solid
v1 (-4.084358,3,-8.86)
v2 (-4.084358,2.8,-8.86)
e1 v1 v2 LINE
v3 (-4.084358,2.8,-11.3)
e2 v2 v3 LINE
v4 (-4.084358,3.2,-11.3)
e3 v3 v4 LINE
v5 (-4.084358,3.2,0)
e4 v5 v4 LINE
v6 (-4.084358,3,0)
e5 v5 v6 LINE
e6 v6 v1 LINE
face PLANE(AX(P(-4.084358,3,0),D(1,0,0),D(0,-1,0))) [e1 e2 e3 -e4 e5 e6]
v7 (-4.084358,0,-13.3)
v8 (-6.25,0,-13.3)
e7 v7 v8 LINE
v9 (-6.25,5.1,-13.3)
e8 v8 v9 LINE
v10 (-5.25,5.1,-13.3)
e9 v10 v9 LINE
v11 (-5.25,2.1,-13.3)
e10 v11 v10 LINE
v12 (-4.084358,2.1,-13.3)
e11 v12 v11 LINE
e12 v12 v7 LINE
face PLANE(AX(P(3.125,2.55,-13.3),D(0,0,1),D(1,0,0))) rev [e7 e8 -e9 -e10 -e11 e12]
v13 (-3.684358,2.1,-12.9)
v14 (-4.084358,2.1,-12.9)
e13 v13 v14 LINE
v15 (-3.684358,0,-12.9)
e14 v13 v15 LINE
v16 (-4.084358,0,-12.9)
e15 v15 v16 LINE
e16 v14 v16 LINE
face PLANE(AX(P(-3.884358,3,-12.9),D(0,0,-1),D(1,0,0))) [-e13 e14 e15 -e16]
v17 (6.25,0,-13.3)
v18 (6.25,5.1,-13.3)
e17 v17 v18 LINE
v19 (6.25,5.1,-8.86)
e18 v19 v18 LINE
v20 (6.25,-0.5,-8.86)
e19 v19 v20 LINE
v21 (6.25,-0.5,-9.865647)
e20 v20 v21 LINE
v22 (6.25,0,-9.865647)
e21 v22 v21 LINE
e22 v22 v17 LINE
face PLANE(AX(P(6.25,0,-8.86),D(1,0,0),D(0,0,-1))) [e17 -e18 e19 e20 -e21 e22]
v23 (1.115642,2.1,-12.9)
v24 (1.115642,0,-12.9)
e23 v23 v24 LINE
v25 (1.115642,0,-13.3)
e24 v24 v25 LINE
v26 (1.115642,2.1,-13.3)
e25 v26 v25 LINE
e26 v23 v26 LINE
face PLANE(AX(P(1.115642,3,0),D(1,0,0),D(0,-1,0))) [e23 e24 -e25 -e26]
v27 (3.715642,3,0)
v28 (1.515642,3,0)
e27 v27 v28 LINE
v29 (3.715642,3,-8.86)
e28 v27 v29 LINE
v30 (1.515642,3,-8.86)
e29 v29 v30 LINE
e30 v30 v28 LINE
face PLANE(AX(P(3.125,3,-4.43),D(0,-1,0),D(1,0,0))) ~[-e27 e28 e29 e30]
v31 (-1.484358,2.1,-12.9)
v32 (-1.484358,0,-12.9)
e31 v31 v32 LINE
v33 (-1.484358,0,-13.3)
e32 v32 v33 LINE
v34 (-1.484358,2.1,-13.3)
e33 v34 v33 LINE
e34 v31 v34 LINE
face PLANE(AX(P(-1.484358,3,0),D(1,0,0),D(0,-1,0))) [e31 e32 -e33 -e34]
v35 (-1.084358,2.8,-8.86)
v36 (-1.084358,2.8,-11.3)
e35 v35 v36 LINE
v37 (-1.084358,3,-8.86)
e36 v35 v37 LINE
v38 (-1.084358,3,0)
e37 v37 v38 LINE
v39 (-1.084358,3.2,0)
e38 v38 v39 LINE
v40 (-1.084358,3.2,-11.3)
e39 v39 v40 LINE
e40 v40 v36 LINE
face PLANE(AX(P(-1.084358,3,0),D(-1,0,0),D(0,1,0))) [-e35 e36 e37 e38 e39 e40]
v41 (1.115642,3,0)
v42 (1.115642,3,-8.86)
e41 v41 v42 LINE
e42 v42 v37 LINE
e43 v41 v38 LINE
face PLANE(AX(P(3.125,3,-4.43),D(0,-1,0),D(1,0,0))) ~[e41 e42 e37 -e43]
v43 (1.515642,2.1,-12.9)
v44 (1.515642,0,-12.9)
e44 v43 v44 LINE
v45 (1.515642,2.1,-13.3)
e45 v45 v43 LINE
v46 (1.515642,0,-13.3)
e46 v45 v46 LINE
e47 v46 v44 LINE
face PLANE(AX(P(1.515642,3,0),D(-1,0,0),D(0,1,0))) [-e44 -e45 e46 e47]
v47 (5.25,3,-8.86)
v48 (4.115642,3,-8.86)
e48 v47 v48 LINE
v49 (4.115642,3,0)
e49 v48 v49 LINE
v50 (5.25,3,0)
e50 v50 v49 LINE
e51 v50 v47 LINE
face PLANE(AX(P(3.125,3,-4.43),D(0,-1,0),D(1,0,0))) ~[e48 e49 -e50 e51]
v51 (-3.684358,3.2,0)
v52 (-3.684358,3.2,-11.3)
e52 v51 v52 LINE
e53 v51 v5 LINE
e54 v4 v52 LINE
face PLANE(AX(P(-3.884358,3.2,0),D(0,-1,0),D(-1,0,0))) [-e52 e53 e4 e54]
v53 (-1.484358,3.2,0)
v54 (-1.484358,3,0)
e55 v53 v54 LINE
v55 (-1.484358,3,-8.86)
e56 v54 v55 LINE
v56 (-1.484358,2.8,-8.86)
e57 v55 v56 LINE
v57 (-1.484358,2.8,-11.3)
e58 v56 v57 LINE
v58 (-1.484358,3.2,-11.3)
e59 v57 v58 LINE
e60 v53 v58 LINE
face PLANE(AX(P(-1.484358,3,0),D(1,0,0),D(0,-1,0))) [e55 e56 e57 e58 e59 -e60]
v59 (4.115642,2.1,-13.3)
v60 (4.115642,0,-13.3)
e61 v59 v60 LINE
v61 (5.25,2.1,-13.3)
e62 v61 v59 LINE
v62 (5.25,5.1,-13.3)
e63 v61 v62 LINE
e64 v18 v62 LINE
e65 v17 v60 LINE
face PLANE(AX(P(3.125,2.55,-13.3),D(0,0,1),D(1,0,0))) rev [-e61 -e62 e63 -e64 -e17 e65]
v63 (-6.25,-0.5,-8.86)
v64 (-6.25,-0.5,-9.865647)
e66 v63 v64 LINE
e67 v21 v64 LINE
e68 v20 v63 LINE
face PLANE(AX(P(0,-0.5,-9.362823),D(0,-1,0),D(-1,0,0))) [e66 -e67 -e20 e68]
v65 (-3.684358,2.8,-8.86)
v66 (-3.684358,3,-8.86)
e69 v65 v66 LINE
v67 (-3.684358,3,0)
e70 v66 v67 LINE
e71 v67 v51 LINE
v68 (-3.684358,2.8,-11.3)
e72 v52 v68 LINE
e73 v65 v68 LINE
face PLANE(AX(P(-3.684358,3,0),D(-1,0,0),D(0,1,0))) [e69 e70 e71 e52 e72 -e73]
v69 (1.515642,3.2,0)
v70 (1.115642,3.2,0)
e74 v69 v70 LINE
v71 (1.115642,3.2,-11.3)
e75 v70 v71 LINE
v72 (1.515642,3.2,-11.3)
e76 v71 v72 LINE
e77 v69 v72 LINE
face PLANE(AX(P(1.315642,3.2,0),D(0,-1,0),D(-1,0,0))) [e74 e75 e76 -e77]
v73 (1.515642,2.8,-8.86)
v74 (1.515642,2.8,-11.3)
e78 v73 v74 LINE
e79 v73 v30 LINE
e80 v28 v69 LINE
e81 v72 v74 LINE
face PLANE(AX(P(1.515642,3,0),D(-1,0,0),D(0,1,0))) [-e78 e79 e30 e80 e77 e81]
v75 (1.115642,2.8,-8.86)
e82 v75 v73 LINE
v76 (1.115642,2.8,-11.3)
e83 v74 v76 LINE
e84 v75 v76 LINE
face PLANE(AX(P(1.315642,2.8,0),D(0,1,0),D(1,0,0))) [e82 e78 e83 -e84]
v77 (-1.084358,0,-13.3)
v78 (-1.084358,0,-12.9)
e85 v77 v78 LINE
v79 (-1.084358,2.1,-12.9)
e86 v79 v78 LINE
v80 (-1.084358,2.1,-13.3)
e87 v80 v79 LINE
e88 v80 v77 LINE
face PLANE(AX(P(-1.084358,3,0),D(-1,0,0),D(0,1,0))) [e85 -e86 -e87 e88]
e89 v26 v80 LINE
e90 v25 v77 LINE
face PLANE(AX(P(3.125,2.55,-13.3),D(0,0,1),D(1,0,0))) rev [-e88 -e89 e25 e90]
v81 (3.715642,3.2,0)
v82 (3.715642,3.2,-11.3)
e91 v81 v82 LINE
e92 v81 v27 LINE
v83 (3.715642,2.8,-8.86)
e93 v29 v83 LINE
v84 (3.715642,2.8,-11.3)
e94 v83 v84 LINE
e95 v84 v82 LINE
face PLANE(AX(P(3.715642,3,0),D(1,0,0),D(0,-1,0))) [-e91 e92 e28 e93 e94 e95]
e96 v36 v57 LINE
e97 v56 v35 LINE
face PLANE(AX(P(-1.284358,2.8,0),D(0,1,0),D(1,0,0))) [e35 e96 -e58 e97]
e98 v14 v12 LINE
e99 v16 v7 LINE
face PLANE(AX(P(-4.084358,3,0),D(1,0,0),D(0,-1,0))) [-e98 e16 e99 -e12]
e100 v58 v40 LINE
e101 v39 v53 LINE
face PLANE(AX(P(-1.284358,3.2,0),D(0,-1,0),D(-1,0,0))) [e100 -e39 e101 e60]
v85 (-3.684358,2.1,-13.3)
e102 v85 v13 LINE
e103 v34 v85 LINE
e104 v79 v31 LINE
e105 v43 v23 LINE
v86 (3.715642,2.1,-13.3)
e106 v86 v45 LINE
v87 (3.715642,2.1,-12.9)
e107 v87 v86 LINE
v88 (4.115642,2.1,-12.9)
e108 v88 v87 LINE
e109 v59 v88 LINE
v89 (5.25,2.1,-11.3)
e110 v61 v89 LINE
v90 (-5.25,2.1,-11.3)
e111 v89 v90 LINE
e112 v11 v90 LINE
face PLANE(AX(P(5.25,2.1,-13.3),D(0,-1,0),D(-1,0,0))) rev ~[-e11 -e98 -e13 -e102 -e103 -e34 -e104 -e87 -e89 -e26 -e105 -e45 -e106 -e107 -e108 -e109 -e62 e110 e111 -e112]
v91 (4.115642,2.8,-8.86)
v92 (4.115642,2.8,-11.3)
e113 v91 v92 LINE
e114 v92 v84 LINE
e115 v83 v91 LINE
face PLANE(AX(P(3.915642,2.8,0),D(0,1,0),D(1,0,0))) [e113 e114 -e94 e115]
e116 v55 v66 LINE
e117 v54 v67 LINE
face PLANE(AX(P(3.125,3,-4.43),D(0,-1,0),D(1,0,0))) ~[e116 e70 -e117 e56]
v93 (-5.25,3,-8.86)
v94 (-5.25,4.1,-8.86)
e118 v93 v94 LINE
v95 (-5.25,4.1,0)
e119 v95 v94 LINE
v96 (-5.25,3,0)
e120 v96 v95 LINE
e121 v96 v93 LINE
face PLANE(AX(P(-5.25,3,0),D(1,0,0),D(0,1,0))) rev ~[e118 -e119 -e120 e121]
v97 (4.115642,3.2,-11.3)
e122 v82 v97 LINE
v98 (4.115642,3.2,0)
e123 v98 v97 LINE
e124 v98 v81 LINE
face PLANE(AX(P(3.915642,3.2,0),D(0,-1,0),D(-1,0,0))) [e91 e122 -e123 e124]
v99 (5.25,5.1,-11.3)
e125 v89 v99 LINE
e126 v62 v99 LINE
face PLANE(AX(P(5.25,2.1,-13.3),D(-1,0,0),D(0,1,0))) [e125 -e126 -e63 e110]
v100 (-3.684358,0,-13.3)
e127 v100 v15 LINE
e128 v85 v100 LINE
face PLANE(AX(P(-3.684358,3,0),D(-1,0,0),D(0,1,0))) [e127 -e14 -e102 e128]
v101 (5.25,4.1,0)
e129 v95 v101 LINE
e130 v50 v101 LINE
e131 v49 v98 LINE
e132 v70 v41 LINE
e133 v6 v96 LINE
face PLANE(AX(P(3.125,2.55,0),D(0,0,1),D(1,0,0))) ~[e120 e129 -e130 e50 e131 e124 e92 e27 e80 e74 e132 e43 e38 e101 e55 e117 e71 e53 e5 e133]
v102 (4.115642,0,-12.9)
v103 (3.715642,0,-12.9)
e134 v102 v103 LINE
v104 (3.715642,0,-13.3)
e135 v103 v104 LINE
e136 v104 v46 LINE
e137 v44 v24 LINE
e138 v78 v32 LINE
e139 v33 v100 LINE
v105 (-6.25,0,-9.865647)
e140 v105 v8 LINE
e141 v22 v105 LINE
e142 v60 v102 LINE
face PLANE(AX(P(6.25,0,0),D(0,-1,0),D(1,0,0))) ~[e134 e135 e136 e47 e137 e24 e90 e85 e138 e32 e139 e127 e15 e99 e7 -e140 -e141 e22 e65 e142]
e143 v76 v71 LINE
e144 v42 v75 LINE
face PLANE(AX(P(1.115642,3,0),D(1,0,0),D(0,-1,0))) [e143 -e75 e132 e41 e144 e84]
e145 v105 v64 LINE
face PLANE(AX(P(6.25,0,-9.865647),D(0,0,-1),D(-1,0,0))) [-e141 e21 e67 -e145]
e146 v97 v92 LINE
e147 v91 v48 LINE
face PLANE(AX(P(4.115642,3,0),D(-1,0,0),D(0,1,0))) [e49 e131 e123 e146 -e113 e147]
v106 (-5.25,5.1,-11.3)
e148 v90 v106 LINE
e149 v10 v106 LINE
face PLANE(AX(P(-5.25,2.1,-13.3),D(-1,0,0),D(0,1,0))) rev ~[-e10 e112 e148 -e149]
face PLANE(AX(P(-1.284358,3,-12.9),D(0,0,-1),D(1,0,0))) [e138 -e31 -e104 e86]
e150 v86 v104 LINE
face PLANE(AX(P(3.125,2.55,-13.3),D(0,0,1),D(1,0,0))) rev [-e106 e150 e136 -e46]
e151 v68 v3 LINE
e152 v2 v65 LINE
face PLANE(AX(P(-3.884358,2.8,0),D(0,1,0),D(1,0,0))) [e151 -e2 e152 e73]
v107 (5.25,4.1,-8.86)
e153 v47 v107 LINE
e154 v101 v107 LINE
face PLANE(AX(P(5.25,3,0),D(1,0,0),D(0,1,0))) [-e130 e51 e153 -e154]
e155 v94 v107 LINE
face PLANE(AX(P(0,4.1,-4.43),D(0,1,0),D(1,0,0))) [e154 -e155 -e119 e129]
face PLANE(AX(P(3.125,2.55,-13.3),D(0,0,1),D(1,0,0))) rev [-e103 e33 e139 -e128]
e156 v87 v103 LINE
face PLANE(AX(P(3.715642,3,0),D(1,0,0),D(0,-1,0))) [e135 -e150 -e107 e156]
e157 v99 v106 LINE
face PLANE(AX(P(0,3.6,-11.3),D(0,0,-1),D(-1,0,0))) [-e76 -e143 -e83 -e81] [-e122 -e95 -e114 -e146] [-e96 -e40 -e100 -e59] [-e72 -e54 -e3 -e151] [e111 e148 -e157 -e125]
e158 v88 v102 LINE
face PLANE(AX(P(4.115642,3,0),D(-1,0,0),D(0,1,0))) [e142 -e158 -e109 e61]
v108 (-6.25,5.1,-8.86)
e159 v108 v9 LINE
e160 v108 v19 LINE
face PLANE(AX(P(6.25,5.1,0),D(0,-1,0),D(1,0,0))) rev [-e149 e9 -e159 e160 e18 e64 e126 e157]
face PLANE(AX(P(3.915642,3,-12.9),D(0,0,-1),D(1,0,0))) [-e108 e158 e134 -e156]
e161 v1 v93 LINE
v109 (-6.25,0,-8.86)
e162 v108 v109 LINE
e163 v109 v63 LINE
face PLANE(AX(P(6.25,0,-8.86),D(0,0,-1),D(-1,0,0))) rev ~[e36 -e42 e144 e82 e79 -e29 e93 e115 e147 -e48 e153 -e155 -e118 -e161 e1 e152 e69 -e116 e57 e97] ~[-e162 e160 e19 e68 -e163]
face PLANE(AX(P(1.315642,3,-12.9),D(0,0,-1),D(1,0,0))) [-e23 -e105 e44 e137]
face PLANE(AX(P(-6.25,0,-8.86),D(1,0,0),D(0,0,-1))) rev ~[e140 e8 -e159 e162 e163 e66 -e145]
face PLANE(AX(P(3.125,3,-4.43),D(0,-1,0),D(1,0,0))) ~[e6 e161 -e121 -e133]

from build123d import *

# Parameters (mm, degrees)
SKETCH_1_W             = 6.25
SKETCH_1_H             = 5.1
EXTRUDE_1_DEPTH        = 13.3
SKETCH_2_W             = 6.25
SKETCH_2_H             = 8.86
CUT_EXTRUDE_1_DEPTH    = 3
SKETCH_7_W             = 12.5
SKETCH_7_H             = 8.86
CUT_EXTRUDE_2_DEPTH    = 1
SKETCH_8_W             = 12.5
SKETCH_8_H             = 1.005646511
EXTRUDE_2_DEPTH        = 0.5
SKETCH_9_W             = 1
SKETCH_9_H             = 1.1
CUT_EXTRUDE_3_DEPTH    = 8.86
SKETCH_6_W             = 0.4
SKETCH_6_H             = 0.4
PATTERN_LINEAR_1_COUNT = 4
PATTERN_LINEAR_1_PITCH = 2.6
SKETCH_10_W            = 10.5
SKETCH_10_H            = 3
CUT_EXTRUDE_4_DEPTH    = 2


with BuildPart() as part:
    # Эскиз1 → Бобышка-Вытянуть1 (new body)
    with BuildSketch(Plane.XY):
        with Locations((-3.125, 2.55)):
            Rectangle(SKETCH_1_W, SKETCH_1_H)
    extrude(amount=-EXTRUDE_1_DEPTH)

    # Эскиз2 → Вырез-Вытянуть1 (cut)
    with BuildSketch(Plane.XZ):
        with Locations((-3.125, -4.43)):
            Rectangle(SKETCH_2_W, SKETCH_2_H)
    extrude(amount=-CUT_EXTRUDE_1_DEPTH, mode=Mode.SUBTRACT)

    # Зеркальное отражение1: part across plane


with BuildPart() as part_1:
    add(part.part)
    add(part.part.mirror(Plane(origin=(0, 5.1, -13.3), x_dir=(0, 0, 1), z_dir=(1, 0, 0))))

    # Эскиз7 → Вырез-Вытянуть2 (cut)
    with BuildSketch(Plane(origin=(0, 5.1, 0), x_dir=(1, 0, 0), z_dir=(0, 1, 0))):
        with Locations((0, 4.43)):
            Rectangle(SKETCH_7_W, SKETCH_7_H)
    extrude(amount=-CUT_EXTRUDE_2_DEPTH, mode=Mode.SUBTRACT)

    # Эскиз8 → Бобышка-Вытянуть2 (add)
    with BuildSketch(Plane(origin=(0, 0, 0), x_dir=(-1, 0, 0), z_dir=(0, -1, 0))):
        with Locations((0, 9.362823256)):
            Rectangle(SKETCH_8_W, SKETCH_8_H)
    extrude(amount=EXTRUDE_2_DEPTH)

    # Эскиз9 → Вырез-Вытянуть3 (cut)
    with BuildSketch(Plane.XY):
        with Locations((5.75, 3.55)):
            Rectangle(SKETCH_9_W, SKETCH_9_H)
        with Locations((-5.75, 3.55)):
            Rectangle(SKETCH_9_W, SKETCH_9_H)
    extrude(amount=-CUT_EXTRUDE_3_DEPTH, mode=Mode.SUBTRACT)

    # Вырез-По траектории1: sweep along a curve in space
    with BuildLine() as sweep_1_path:
        Line((-3.88435792, 3, 0), (-3.88435792, 3, -13.1))
        Line((-3.88435792, 3, -13.1), (-3.88435792, -0.439783166, -13.1))
    # Эскиз6 → Вырез-По траектории1 (sweep, cut)
    with BuildSketch(Plane.XY):
        with Locations((-3.88435792, 3)):
            Rectangle(SKETCH_6_W, SKETCH_6_H)
    sweep_1 = sweep(path=sweep_1_path.line, transition=Transition.RIGHT, mode=Mode.SUBTRACT)

    # Линейный массив1: Вырез-По траектории1 ×4
    with Locations(*[(i * PATTERN_LINEAR_1_PITCH, 0, 0) for i in range(1, PATTERN_LINEAR_1_COUNT)]):
        add(sweep_1, mode=Mode.SUBTRACT)

    # Эскиз10 → Вырез-Вытянуть4 (cut)
    with BuildSketch(Plane(origin=(0, 0, -13.3), x_dir=(-1, 0, 0), z_dir=(0, 0, -1))):
        with Locations((0, 3.6)):
            Rectangle(SKETCH_10_W, SKETCH_10_H)
    extrude(amount=-CUT_EXTRUDE_4_DEPTH, mode=Mode.SUBTRACT)


solid = part_1.part
